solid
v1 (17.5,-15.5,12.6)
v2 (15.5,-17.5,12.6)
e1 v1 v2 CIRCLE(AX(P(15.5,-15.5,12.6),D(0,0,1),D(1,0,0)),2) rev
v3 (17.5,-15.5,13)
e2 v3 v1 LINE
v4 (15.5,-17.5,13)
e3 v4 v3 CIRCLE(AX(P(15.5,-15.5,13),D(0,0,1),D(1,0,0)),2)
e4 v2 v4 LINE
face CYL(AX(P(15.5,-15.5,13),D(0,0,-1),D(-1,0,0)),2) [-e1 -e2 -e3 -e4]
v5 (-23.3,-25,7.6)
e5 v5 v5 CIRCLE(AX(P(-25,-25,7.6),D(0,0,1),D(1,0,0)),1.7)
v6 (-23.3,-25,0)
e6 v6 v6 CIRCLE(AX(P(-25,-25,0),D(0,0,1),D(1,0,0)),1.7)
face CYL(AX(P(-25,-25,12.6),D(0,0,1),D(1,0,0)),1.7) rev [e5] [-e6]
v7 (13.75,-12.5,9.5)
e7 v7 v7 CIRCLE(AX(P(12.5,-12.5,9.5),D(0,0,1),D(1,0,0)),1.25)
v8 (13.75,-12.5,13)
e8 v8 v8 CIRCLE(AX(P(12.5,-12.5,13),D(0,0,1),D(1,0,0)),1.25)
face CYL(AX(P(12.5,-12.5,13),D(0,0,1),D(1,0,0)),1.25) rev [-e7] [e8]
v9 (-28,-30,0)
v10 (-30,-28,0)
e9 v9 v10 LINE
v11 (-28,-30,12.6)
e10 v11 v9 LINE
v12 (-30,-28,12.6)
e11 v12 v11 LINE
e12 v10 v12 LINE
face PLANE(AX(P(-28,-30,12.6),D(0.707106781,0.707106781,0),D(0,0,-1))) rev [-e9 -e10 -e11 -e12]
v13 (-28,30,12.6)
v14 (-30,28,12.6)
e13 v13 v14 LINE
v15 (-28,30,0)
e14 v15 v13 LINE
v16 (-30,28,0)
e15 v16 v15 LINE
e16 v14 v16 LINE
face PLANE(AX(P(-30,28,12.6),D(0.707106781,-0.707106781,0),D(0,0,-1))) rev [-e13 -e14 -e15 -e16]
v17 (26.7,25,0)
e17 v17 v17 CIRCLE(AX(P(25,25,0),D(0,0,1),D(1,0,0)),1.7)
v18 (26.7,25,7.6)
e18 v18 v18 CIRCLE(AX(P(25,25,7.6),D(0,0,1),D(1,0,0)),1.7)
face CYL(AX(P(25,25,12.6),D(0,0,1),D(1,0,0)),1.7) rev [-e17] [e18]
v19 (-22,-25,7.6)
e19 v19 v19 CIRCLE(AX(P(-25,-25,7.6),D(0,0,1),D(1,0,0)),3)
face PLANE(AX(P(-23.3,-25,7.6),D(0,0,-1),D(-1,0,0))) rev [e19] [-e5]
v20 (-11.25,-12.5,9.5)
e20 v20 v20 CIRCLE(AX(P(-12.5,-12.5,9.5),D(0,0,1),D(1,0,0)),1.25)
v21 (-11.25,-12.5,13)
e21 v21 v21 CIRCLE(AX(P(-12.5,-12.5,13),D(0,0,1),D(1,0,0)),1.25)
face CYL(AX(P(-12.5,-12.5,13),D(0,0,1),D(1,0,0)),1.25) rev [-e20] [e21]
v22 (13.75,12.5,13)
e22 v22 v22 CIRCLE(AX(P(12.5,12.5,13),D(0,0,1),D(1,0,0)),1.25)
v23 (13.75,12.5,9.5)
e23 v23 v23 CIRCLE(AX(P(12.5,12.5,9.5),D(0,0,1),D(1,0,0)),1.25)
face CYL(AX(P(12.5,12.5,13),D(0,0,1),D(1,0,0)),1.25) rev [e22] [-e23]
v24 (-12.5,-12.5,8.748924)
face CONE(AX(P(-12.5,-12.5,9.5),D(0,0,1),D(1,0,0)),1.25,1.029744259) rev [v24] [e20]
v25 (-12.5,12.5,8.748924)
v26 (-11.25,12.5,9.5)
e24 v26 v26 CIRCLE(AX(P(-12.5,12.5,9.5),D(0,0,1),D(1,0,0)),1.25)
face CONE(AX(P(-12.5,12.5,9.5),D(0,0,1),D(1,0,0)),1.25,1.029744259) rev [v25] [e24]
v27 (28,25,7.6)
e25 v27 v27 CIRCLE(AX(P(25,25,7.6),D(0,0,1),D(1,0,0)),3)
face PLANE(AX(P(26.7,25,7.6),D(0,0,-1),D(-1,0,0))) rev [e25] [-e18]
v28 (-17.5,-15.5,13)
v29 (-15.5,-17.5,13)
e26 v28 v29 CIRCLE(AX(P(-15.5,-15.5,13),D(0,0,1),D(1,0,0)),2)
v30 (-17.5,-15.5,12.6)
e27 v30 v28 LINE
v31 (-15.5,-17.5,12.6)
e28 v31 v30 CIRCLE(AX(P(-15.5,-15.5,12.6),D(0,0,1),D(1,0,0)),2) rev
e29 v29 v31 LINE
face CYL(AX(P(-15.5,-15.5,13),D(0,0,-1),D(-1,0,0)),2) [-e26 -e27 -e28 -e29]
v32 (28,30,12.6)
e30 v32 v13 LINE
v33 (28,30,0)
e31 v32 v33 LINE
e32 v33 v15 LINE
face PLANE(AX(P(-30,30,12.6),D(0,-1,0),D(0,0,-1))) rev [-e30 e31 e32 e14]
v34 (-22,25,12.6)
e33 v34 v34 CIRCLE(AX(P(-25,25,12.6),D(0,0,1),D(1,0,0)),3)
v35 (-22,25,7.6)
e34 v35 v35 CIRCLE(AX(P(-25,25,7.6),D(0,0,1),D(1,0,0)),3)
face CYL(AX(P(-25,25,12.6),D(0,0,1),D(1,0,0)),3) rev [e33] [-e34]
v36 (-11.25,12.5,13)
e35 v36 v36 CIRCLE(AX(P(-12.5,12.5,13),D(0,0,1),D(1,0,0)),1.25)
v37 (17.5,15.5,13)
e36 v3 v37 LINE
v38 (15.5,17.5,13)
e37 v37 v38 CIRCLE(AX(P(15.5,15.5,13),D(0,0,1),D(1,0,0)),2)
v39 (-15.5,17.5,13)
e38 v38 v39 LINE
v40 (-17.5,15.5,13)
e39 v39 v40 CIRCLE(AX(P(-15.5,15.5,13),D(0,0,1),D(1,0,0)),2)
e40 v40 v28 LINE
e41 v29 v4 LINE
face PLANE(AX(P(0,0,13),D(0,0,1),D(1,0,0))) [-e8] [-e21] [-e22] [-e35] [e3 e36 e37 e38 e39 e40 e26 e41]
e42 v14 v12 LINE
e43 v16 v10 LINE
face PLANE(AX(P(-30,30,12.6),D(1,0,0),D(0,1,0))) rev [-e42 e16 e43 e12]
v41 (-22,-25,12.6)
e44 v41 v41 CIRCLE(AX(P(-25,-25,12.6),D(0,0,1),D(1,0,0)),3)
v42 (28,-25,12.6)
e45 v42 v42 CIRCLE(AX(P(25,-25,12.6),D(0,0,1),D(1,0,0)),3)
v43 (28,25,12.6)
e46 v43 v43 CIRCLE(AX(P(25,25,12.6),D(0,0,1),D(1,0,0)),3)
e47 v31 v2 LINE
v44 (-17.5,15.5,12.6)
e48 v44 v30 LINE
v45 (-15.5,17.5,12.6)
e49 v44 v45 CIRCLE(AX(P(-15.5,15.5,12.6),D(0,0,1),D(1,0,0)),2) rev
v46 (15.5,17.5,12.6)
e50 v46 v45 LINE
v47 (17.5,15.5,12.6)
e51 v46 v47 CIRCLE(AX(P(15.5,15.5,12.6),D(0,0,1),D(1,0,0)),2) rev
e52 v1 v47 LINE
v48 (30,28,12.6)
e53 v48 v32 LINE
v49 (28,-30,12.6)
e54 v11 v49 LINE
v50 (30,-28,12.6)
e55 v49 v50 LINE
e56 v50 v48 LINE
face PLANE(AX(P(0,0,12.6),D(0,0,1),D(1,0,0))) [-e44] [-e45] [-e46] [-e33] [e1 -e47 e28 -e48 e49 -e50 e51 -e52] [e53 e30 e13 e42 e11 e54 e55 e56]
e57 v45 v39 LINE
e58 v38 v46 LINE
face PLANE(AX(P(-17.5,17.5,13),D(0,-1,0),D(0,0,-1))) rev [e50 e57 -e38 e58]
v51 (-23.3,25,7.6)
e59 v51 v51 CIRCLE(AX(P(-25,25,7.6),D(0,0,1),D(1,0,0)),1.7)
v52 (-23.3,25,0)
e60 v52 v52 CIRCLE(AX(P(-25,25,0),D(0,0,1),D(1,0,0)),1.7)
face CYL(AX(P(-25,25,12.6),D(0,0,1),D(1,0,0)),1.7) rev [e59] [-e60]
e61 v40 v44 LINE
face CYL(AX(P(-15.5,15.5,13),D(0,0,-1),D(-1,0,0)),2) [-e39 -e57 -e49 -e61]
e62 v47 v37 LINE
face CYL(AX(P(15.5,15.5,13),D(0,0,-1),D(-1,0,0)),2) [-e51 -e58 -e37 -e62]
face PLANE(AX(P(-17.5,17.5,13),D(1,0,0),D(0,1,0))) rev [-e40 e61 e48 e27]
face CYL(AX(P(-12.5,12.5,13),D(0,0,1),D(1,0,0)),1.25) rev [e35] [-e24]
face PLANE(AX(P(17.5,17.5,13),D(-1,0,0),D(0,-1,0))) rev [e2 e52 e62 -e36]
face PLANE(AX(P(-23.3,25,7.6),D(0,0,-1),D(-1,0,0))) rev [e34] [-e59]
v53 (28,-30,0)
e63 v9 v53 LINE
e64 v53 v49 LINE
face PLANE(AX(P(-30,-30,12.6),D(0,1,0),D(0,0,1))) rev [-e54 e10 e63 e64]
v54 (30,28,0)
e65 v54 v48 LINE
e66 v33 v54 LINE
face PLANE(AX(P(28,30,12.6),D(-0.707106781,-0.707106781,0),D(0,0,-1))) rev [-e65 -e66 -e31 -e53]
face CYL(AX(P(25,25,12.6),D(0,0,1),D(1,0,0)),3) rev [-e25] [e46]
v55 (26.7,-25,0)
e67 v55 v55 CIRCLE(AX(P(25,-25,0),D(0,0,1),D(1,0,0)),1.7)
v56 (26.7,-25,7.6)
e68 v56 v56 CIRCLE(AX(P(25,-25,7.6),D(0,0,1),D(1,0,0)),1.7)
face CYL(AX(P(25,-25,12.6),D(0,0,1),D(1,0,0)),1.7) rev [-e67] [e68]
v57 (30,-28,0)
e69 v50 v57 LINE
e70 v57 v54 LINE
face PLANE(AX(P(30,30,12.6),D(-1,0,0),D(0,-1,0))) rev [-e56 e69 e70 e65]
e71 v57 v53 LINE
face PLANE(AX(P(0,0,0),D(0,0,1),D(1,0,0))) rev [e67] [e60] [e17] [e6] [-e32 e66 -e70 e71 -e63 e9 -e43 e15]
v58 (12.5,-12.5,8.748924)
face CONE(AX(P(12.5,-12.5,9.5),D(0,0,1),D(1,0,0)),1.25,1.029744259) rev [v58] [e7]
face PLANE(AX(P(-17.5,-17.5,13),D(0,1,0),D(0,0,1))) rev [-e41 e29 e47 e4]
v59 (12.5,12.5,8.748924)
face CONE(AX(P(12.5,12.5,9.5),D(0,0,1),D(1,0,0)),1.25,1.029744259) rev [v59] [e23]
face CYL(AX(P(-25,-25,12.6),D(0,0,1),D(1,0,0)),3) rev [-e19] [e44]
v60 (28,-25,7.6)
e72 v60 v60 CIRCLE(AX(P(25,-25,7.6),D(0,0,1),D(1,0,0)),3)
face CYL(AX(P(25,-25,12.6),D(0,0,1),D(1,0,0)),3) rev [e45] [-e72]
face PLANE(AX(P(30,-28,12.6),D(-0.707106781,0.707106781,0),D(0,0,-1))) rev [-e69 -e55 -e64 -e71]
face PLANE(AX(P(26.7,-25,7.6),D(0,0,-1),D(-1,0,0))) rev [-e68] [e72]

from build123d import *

# Parameters (mm, degrees)
SKETCH_1_W                = 60
SKETCH_1_H                = 60
EXTRUDE_1_DEPTH           = 12.6
CHAMFER_1_SIZE            = 2
SKETCH_2_W                = 35
SKETCH_2_H                = 35
EXTRUDE_2_DEPTH           = 0.4
FILLET_1_R                = 2
HOLE_WIZARD_1_D           = 3.4
HOLE_WIZARD_1_CBORE_D     = 6
HOLE_WIZARD_1_CBORE_DEPTH = 5
HOLE_WIZARD_M3_1_D        = 2.5
HOLE_WIZARD_M3_1_DEPTH    = 3.5
HOLE_WIZARD_M3_1_TIP      = 0.751075774


with BuildPart() as part:
    # 草图1 → 凸台-拉伸1 (new body)
    with BuildSketch(Plane.XY):
        Rectangle(SKETCH_1_W, SKETCH_1_H)
    extrude(amount=EXTRUDE_1_DEPTH)

    # 倒角1
    chamfer_1_edges = [part.edges().sort_by_distance(p)[0] for p in [
        (30, -30, 6.3),
        (-30, -30, 6.3),
        (-30, 30, 6.3),
        (30, 30, 6.3),
    ]]
    chamfer(chamfer_1_edges, length=CHAMFER_1_SIZE)

    # 草图2 → 凸台-拉伸2 (add)
    with BuildSketch(Plane.XY.offset(12.6)):
        Rectangle(SKETCH_2_W, SKETCH_2_H)
    extrude(amount=EXTRUDE_2_DEPTH)

    # 圆角1
    fillet_1_edges = [part.edges().sort_by_distance(p)[0] for p in [
        (17.5, -17.5, 12.8),
        (17.5, 17.5, 12.8),
        (-17.5, 17.5, 12.8),
        (-17.5, -17.5, 12.8),
    ]]
    fillet(fillet_1_edges, radius=FILLET_1_R)

    # 孔1 (through all)
    with Locations(Plane(origin=(-25, 25, 12.6), x_dir=(1, 0, 0), z_dir=(0, 0, 1))):
        with Locations((0, 0), (50, 0), (0, -50), (50, -50)):
            CounterBoreHole(HOLE_WIZARD_1_D / 2, HOLE_WIZARD_1_CBORE_D / 2, HOLE_WIZARD_1_CBORE_DEPTH)

    # M3 螺纹孔1
    with Locations(Plane(origin=(-12.5, 12.5, 13), x_dir=(1, 0, 0), z_dir=(0, 0, 1))):
        with Locations((0, 0), (25, 0), (25, -25), (0, -25)):
            Hole(HOLE_WIZARD_M3_1_D / 2, depth=HOLE_WIZARD_M3_1_DEPTH)
            with Locations((0, 0, -(HOLE_WIZARD_M3_1_DEPTH + HOLE_WIZARD_M3_1_TIP / 2))):  # 118° drill point
                Cone(0, HOLE_WIZARD_M3_1_D / 2, HOLE_WIZARD_M3_1_TIP, mode=Mode.SUBTRACT)


solid = part.part
